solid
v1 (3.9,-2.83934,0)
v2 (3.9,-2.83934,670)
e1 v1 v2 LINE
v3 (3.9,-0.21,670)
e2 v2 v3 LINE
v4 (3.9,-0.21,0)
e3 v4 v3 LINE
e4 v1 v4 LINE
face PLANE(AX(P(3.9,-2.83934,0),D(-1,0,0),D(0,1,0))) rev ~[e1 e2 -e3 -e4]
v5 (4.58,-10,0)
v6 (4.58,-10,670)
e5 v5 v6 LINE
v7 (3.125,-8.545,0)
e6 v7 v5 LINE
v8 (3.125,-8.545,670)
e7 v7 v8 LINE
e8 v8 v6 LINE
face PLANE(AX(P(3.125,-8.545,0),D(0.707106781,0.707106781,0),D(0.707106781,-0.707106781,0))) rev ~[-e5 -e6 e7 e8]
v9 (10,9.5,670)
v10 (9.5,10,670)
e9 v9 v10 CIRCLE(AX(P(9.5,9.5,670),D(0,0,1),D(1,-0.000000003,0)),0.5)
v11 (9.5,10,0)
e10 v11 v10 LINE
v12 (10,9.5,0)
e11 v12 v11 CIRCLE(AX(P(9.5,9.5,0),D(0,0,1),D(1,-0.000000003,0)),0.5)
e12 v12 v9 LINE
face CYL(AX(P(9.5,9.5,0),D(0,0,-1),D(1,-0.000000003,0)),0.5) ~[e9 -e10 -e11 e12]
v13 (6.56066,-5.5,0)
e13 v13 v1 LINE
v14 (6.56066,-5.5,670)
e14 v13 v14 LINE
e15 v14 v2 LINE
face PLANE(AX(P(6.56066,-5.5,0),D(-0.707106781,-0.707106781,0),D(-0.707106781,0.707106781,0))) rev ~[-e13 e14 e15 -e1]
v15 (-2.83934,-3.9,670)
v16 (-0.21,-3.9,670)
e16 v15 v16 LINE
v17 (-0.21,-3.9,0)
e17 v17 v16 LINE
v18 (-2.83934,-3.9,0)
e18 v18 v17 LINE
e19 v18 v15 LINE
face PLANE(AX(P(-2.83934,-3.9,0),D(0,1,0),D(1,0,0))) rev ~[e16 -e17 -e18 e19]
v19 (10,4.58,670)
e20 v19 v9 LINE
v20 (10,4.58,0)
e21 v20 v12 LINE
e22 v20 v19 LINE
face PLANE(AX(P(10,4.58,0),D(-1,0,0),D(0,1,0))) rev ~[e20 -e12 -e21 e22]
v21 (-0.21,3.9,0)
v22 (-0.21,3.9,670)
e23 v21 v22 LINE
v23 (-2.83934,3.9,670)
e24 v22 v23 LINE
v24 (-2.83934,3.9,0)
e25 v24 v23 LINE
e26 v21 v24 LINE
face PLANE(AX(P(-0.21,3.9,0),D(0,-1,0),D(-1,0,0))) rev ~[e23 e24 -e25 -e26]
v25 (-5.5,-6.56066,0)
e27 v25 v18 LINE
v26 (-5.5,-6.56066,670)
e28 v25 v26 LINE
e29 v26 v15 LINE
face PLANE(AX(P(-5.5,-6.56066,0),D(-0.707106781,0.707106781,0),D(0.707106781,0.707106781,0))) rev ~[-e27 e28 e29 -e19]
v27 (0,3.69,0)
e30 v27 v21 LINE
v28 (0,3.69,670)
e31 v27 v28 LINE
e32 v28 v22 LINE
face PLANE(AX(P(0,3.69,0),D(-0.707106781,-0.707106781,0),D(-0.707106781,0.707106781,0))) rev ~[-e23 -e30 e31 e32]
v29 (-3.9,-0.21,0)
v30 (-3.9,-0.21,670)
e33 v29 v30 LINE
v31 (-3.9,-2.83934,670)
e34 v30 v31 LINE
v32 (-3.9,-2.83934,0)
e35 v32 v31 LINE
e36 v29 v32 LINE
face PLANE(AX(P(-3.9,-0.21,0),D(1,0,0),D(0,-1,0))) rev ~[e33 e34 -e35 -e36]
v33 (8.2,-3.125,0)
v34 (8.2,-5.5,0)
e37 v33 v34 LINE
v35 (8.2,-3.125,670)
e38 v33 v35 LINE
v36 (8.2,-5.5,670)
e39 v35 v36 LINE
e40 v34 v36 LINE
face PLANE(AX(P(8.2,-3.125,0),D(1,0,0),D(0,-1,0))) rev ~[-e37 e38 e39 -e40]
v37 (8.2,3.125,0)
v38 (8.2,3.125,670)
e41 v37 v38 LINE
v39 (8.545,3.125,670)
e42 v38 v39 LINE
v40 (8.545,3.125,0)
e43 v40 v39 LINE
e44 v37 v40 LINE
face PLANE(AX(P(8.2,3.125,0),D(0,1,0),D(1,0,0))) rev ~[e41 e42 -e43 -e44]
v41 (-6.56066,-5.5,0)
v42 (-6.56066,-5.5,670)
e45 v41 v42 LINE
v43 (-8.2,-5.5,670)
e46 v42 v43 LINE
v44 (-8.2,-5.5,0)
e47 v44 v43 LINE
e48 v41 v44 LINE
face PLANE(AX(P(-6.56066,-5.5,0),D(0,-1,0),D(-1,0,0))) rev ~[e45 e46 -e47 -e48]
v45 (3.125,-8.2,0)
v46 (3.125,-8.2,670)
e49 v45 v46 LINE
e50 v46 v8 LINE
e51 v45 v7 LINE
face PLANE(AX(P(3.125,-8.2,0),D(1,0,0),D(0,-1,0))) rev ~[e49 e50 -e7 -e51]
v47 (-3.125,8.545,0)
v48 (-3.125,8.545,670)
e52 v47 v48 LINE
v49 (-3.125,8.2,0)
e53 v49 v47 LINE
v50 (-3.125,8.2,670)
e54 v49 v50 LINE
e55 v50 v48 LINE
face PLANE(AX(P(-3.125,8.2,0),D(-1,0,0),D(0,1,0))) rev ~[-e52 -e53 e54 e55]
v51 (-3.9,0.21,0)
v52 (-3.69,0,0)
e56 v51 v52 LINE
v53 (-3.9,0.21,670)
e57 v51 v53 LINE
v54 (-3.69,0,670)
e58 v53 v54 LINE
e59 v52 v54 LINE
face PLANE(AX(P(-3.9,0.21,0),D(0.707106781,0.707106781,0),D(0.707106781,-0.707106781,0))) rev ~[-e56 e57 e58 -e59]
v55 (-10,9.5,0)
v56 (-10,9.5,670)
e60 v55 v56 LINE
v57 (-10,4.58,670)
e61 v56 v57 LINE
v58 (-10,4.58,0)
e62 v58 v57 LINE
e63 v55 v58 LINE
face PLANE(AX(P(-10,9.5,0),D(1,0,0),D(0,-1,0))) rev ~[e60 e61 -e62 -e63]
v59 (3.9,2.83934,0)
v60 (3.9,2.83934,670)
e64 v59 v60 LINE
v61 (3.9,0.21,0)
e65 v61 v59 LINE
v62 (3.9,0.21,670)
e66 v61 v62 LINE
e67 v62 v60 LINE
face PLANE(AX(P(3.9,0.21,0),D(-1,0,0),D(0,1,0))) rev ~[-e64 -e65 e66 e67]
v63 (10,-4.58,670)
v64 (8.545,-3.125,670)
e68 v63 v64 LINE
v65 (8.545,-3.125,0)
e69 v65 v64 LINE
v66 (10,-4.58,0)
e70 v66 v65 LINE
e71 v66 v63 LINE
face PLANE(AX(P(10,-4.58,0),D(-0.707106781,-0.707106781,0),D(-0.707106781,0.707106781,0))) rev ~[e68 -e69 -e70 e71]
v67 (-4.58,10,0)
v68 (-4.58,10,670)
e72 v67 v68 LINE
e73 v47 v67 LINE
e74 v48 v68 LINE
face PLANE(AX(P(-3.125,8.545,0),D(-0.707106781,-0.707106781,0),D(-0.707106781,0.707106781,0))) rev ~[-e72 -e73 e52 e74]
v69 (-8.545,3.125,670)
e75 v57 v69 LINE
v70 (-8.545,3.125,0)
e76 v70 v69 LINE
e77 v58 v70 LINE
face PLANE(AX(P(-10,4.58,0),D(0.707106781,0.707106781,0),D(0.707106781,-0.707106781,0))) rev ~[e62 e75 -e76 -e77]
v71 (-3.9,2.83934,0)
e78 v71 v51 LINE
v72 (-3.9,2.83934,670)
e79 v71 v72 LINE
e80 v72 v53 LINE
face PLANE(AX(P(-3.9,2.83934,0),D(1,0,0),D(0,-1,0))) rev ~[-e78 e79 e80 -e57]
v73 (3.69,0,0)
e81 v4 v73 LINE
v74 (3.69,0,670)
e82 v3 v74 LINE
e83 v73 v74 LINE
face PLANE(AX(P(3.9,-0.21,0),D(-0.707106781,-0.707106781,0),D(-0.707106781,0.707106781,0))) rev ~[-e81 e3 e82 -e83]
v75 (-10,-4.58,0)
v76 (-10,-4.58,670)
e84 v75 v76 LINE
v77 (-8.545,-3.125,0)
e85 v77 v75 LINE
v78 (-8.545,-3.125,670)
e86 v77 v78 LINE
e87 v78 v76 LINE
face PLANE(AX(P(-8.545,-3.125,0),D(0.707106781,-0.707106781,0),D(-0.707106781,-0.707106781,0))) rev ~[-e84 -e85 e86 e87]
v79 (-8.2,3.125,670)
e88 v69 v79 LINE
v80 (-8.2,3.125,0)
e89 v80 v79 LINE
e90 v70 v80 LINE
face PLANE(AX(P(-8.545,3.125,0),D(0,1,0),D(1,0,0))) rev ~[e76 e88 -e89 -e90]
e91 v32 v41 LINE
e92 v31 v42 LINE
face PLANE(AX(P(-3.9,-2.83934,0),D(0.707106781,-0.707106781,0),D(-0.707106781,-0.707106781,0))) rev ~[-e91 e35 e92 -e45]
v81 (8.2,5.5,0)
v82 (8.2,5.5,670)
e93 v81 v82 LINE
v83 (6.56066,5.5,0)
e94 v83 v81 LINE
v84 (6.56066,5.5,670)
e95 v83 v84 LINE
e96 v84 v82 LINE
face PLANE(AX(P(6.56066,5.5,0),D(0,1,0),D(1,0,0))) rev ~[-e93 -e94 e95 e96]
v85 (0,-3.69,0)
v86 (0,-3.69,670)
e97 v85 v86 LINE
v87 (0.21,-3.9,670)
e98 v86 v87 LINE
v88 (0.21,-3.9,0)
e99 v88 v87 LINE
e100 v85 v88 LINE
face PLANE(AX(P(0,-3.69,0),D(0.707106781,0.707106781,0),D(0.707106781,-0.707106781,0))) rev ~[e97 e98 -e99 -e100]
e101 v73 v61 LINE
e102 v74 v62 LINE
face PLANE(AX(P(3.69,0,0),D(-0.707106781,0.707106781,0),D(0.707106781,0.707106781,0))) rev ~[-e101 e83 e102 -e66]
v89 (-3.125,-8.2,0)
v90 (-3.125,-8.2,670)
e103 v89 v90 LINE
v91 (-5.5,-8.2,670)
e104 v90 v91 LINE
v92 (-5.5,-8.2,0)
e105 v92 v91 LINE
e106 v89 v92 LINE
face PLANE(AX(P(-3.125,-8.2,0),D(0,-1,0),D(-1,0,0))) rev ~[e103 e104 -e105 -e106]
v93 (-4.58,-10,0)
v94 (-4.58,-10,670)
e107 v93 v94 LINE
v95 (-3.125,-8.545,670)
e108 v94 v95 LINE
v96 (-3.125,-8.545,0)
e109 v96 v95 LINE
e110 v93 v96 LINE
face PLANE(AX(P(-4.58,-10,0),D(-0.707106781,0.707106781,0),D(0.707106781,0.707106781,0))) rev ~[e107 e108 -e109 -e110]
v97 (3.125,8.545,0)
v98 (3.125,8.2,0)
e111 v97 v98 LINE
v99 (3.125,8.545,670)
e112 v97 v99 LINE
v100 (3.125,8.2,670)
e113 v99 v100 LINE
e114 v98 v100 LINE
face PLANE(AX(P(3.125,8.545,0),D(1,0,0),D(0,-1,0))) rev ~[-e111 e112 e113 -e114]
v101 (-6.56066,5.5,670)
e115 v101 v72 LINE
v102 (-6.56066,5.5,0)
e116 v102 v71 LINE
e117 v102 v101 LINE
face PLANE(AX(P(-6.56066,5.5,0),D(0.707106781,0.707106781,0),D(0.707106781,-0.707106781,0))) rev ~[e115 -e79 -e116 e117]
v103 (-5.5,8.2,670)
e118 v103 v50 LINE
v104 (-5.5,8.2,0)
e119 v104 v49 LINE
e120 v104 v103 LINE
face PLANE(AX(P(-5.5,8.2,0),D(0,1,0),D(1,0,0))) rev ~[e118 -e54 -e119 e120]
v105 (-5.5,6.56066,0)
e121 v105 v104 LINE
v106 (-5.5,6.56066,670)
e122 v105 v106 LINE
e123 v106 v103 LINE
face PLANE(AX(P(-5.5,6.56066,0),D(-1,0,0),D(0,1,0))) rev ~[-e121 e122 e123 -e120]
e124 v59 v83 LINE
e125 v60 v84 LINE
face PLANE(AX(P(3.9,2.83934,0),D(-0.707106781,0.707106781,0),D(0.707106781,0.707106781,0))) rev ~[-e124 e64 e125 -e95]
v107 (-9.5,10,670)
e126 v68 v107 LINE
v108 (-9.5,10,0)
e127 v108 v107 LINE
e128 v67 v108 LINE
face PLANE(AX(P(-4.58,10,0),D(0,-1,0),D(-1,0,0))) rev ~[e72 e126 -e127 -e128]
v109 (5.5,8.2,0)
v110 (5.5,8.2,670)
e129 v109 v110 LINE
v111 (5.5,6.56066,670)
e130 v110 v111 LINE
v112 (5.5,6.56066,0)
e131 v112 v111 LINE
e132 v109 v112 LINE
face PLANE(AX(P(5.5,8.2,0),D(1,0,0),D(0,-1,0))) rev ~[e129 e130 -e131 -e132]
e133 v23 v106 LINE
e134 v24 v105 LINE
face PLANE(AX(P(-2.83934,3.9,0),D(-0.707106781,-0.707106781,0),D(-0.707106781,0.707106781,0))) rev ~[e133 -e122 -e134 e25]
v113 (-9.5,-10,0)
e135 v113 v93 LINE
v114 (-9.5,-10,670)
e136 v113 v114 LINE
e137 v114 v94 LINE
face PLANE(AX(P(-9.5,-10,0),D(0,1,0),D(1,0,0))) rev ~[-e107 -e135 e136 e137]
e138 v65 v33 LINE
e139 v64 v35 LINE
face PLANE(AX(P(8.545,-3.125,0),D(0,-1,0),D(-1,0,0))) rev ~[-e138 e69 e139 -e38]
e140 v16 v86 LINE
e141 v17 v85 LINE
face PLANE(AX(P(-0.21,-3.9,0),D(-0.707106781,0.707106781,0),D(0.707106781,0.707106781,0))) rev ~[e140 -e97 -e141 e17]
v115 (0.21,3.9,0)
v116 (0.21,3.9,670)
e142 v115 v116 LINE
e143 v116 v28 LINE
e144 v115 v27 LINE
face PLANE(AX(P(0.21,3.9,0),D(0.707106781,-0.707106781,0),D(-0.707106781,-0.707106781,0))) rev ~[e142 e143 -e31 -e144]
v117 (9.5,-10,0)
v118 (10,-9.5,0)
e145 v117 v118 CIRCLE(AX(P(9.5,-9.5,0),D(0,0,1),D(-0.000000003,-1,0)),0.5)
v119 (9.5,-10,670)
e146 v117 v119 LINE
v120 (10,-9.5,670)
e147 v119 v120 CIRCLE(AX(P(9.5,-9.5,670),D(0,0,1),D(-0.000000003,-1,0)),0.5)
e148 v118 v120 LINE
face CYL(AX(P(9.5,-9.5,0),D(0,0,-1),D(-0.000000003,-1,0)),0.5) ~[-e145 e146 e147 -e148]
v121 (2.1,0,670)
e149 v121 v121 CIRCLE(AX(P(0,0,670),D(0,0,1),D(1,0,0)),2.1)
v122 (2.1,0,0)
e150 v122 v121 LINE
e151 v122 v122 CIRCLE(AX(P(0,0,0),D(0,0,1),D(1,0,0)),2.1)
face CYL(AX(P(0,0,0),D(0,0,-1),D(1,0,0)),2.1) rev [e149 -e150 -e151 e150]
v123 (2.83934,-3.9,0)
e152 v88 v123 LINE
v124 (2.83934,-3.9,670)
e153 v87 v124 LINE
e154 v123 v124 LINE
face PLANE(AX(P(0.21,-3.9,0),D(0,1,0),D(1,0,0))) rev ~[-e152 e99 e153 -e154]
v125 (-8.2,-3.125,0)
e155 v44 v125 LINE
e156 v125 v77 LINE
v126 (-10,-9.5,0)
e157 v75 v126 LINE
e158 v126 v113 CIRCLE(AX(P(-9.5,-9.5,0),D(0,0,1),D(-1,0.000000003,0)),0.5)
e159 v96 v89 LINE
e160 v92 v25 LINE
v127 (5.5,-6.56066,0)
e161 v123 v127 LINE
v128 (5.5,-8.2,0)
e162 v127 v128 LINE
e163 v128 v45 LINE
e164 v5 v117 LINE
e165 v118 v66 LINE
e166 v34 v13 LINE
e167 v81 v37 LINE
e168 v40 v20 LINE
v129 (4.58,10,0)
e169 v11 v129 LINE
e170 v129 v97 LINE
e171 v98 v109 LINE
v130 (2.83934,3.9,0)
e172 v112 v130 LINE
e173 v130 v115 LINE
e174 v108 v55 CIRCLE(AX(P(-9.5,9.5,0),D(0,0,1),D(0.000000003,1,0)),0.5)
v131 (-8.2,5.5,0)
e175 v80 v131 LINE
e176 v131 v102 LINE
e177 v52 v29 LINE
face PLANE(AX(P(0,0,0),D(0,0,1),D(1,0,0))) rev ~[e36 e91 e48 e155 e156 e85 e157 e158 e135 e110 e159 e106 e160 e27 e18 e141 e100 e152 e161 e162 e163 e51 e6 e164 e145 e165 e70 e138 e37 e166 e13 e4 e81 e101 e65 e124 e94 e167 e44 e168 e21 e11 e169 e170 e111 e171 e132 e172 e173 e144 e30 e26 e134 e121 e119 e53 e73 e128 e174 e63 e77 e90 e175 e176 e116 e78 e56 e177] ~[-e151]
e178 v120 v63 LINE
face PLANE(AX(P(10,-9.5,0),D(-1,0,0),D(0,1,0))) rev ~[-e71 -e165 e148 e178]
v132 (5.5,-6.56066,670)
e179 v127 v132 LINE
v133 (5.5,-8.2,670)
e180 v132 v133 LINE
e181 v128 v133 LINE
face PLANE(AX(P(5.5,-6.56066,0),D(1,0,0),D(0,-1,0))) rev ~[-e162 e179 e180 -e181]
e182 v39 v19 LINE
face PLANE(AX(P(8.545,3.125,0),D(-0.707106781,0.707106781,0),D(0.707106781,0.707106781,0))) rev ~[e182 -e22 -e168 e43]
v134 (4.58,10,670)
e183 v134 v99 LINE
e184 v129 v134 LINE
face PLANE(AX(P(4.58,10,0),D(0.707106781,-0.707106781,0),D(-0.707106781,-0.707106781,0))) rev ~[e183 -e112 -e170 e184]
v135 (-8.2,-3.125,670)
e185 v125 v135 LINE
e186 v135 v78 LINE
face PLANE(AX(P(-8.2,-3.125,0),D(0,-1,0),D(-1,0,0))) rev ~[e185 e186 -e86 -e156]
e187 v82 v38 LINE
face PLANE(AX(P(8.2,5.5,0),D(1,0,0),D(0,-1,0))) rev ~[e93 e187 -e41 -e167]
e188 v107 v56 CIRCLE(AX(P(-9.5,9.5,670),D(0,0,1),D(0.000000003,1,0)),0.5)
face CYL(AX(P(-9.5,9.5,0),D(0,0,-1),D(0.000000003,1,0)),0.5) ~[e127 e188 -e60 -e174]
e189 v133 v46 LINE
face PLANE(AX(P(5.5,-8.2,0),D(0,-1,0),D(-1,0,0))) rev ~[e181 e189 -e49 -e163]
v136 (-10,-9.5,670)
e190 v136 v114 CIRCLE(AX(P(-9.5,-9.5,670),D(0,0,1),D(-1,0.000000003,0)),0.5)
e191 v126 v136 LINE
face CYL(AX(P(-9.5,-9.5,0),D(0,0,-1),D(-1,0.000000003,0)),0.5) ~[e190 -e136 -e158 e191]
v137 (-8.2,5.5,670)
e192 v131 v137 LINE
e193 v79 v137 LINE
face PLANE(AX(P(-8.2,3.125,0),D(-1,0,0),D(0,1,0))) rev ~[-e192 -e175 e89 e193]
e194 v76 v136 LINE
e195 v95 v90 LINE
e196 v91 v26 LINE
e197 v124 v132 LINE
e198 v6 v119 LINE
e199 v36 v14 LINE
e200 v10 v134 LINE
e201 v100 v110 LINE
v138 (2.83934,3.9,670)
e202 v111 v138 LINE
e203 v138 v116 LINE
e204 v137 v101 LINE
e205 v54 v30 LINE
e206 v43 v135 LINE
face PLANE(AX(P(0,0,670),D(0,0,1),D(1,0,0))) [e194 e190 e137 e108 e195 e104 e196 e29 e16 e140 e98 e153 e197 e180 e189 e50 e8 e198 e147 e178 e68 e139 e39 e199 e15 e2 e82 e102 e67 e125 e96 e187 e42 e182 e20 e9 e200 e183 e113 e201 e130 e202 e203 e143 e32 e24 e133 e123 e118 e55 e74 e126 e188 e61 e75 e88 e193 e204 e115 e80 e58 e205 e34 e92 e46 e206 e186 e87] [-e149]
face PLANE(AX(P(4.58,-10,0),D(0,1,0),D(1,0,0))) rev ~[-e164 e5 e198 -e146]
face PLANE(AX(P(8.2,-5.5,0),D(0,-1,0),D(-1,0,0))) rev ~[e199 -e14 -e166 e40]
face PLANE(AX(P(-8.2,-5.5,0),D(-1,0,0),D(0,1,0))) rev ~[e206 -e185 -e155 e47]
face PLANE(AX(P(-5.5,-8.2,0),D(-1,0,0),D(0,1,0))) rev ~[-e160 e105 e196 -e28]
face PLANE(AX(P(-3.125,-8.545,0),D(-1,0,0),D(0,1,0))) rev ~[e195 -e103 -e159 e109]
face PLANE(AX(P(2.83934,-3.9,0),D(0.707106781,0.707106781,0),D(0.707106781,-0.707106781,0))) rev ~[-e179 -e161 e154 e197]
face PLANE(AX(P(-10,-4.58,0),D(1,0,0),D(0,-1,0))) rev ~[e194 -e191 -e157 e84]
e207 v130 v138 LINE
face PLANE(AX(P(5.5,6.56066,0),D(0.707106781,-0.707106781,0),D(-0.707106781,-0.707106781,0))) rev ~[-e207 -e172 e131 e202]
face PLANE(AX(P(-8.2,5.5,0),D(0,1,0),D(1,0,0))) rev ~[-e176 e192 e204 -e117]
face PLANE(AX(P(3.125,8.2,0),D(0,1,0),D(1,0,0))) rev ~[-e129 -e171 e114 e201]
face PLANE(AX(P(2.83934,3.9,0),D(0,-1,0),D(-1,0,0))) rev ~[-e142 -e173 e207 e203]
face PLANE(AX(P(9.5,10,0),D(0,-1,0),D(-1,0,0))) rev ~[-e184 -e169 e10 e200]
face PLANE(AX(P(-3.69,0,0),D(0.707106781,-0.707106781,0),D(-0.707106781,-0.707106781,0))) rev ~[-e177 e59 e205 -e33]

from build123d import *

# Parameters (mm, degrees)
SKETCH1_R           = 2.1
BOSS_EXTRUDE1_DEPTH = 670


with BuildPart() as part:
    # Sketch1 → Boss-Extrude1 (new body)
    with BuildSketch(Plane.XY):
        with BuildLine():
            Line((4.58, -10), (9.5, -10))
            ThreePointArc((9.5, -10), (9.853553391, -9.853553391), (10, -9.5))
            Line((10, -9.5), (10, -4.58))
            Line((10, -4.58), (8.545, -3.125))
            Line((8.545, -3.125), (8.2, -3.125))
            Line((8.2, -3.125), (8.2, -5.5))
            Line((8.2, -5.5), (6.560660172, -5.5))
            Line((6.560660172, -5.5), (3.9, -2.839339828))
            Line((3.9, -2.839339828), (3.9, -0.21))
            Line((3.9, -0.21), (3.69, 0))
            Line((3.69, 0), (3.9, 0.21))
            Line((3.9, 0.21), (3.9, 2.839339828))
            Line((3.9, 2.839339828), (6.560660172, 5.5))
            Line((6.560660172, 5.5), (8.2, 5.5))
            Line((8.2, 5.5), (8.2, 3.125))
            Line((8.2, 3.125), (8.545, 3.125))
            Line((8.545, 3.125), (10, 4.58))
            Line((10, 4.58), (10, 9.5))
            ThreePointArc((10, 9.5), (9.853553391, 9.853553391), (9.5, 10))
            Line((9.5, 10), (4.58, 10))
            Line((4.58, 10), (3.125, 8.545))
            Line((3.125, 8.545), (3.125, 8.2))
            Line((3.125, 8.2), (5.5, 8.2))
            Line((5.5, 8.2), (5.5, 6.560660172))
            Line((5.5, 6.560660172), (2.839339828, 3.9))
            Line((2.839339828, 3.9), (0.21, 3.9))
            Line((0.21, 3.9), (0, 3.69))
            Line((0, 3.69), (-0.21, 3.9))
            Line((-0.21, 3.9), (-2.839339828, 3.9))
            Line((-2.839339828, 3.9), (-5.5, 6.560660172))
            Line((-5.5, 6.560660172), (-5.5, 8.2))
            Line((-5.5, 8.2), (-3.125, 8.2))
            Line((-3.125, 8.2), (-3.125, 8.545))
            Line((-3.125, 8.545), (-4.58, 10))
            Line((-4.58, 10), (-9.5, 10))
            ThreePointArc((-9.5, 10), (-9.853553391, 9.853553391), (-10, 9.5))
            Line((-10, 9.5), (-10, 4.58))
            Line((-10, 4.58), (-8.545, 3.125))
            Line((-8.545, 3.125), (-8.2, 3.125))
            Line((-8.2, 3.125), (-8.2, 5.5))
            Line((-8.2, 5.5), (-6.560660172, 5.5))
            Line((-6.560660172, 5.5), (-3.9, 2.839339828))
            Line((-3.9, 2.839339828), (-3.9, 0.21))
            Line((-3.9, 0.21), (-3.69, 0))
            Line((-3.69, 0), (-3.9, -0.21))
            Line((-3.9, -0.21), (-3.9, -2.839339828))
            Line((-3.9, -2.839339828), (-6.560660172, -5.5))
            Line((-6.560660172, -5.5), (-8.2, -5.5))
            Line((-8.2, -5.5), (-8.2, -3.125))
            Line((-8.2, -3.125), (-8.545, -3.125))
            Line((-8.545, -3.125), (-10, -4.58))
            Line((-10, -4.58), (-10, -9.5))
            ThreePointArc((-10, -9.5), (-9.853553391, -9.853553391), (-9.5, -10))
            Line((-9.5, -10), (-4.58, -10))
            Line((-4.58, -10), (-3.125, -8.545))
            Line((-3.125, -8.545), (-3.125, -8.2))
            Line((-3.125, -8.2), (-5.5, -8.2))
            Line((-5.5, -8.2), (-5.5, -6.560660172))
            Line((-5.5, -6.560660172), (-2.839339828, -3.9))
            Line((-2.839339828, -3.9), (-0.21, -3.9))
            Line((-0.21, -3.9), (0, -3.69))
            Line((0, -3.69), (0.21, -3.9))
            Line((0.21, -3.9), (2.839339828, -3.9))
            Line((2.839339828, -3.9), (5.5, -6.560660172))
            Line((5.5, -6.560660172), (5.5, -8.2))
            Line((5.5, -8.2), (3.125, -8.2))
            Line((3.125, -8.2), (3.125, -8.545))
            Line((3.125, -8.545), (4.58, -10))
        make_face()
        Circle(SKETCH1_R, mode=Mode.SUBTRACT)
    extrude(amount=BOSS_EXTRUDE1_DEPTH)


solid = part.part
